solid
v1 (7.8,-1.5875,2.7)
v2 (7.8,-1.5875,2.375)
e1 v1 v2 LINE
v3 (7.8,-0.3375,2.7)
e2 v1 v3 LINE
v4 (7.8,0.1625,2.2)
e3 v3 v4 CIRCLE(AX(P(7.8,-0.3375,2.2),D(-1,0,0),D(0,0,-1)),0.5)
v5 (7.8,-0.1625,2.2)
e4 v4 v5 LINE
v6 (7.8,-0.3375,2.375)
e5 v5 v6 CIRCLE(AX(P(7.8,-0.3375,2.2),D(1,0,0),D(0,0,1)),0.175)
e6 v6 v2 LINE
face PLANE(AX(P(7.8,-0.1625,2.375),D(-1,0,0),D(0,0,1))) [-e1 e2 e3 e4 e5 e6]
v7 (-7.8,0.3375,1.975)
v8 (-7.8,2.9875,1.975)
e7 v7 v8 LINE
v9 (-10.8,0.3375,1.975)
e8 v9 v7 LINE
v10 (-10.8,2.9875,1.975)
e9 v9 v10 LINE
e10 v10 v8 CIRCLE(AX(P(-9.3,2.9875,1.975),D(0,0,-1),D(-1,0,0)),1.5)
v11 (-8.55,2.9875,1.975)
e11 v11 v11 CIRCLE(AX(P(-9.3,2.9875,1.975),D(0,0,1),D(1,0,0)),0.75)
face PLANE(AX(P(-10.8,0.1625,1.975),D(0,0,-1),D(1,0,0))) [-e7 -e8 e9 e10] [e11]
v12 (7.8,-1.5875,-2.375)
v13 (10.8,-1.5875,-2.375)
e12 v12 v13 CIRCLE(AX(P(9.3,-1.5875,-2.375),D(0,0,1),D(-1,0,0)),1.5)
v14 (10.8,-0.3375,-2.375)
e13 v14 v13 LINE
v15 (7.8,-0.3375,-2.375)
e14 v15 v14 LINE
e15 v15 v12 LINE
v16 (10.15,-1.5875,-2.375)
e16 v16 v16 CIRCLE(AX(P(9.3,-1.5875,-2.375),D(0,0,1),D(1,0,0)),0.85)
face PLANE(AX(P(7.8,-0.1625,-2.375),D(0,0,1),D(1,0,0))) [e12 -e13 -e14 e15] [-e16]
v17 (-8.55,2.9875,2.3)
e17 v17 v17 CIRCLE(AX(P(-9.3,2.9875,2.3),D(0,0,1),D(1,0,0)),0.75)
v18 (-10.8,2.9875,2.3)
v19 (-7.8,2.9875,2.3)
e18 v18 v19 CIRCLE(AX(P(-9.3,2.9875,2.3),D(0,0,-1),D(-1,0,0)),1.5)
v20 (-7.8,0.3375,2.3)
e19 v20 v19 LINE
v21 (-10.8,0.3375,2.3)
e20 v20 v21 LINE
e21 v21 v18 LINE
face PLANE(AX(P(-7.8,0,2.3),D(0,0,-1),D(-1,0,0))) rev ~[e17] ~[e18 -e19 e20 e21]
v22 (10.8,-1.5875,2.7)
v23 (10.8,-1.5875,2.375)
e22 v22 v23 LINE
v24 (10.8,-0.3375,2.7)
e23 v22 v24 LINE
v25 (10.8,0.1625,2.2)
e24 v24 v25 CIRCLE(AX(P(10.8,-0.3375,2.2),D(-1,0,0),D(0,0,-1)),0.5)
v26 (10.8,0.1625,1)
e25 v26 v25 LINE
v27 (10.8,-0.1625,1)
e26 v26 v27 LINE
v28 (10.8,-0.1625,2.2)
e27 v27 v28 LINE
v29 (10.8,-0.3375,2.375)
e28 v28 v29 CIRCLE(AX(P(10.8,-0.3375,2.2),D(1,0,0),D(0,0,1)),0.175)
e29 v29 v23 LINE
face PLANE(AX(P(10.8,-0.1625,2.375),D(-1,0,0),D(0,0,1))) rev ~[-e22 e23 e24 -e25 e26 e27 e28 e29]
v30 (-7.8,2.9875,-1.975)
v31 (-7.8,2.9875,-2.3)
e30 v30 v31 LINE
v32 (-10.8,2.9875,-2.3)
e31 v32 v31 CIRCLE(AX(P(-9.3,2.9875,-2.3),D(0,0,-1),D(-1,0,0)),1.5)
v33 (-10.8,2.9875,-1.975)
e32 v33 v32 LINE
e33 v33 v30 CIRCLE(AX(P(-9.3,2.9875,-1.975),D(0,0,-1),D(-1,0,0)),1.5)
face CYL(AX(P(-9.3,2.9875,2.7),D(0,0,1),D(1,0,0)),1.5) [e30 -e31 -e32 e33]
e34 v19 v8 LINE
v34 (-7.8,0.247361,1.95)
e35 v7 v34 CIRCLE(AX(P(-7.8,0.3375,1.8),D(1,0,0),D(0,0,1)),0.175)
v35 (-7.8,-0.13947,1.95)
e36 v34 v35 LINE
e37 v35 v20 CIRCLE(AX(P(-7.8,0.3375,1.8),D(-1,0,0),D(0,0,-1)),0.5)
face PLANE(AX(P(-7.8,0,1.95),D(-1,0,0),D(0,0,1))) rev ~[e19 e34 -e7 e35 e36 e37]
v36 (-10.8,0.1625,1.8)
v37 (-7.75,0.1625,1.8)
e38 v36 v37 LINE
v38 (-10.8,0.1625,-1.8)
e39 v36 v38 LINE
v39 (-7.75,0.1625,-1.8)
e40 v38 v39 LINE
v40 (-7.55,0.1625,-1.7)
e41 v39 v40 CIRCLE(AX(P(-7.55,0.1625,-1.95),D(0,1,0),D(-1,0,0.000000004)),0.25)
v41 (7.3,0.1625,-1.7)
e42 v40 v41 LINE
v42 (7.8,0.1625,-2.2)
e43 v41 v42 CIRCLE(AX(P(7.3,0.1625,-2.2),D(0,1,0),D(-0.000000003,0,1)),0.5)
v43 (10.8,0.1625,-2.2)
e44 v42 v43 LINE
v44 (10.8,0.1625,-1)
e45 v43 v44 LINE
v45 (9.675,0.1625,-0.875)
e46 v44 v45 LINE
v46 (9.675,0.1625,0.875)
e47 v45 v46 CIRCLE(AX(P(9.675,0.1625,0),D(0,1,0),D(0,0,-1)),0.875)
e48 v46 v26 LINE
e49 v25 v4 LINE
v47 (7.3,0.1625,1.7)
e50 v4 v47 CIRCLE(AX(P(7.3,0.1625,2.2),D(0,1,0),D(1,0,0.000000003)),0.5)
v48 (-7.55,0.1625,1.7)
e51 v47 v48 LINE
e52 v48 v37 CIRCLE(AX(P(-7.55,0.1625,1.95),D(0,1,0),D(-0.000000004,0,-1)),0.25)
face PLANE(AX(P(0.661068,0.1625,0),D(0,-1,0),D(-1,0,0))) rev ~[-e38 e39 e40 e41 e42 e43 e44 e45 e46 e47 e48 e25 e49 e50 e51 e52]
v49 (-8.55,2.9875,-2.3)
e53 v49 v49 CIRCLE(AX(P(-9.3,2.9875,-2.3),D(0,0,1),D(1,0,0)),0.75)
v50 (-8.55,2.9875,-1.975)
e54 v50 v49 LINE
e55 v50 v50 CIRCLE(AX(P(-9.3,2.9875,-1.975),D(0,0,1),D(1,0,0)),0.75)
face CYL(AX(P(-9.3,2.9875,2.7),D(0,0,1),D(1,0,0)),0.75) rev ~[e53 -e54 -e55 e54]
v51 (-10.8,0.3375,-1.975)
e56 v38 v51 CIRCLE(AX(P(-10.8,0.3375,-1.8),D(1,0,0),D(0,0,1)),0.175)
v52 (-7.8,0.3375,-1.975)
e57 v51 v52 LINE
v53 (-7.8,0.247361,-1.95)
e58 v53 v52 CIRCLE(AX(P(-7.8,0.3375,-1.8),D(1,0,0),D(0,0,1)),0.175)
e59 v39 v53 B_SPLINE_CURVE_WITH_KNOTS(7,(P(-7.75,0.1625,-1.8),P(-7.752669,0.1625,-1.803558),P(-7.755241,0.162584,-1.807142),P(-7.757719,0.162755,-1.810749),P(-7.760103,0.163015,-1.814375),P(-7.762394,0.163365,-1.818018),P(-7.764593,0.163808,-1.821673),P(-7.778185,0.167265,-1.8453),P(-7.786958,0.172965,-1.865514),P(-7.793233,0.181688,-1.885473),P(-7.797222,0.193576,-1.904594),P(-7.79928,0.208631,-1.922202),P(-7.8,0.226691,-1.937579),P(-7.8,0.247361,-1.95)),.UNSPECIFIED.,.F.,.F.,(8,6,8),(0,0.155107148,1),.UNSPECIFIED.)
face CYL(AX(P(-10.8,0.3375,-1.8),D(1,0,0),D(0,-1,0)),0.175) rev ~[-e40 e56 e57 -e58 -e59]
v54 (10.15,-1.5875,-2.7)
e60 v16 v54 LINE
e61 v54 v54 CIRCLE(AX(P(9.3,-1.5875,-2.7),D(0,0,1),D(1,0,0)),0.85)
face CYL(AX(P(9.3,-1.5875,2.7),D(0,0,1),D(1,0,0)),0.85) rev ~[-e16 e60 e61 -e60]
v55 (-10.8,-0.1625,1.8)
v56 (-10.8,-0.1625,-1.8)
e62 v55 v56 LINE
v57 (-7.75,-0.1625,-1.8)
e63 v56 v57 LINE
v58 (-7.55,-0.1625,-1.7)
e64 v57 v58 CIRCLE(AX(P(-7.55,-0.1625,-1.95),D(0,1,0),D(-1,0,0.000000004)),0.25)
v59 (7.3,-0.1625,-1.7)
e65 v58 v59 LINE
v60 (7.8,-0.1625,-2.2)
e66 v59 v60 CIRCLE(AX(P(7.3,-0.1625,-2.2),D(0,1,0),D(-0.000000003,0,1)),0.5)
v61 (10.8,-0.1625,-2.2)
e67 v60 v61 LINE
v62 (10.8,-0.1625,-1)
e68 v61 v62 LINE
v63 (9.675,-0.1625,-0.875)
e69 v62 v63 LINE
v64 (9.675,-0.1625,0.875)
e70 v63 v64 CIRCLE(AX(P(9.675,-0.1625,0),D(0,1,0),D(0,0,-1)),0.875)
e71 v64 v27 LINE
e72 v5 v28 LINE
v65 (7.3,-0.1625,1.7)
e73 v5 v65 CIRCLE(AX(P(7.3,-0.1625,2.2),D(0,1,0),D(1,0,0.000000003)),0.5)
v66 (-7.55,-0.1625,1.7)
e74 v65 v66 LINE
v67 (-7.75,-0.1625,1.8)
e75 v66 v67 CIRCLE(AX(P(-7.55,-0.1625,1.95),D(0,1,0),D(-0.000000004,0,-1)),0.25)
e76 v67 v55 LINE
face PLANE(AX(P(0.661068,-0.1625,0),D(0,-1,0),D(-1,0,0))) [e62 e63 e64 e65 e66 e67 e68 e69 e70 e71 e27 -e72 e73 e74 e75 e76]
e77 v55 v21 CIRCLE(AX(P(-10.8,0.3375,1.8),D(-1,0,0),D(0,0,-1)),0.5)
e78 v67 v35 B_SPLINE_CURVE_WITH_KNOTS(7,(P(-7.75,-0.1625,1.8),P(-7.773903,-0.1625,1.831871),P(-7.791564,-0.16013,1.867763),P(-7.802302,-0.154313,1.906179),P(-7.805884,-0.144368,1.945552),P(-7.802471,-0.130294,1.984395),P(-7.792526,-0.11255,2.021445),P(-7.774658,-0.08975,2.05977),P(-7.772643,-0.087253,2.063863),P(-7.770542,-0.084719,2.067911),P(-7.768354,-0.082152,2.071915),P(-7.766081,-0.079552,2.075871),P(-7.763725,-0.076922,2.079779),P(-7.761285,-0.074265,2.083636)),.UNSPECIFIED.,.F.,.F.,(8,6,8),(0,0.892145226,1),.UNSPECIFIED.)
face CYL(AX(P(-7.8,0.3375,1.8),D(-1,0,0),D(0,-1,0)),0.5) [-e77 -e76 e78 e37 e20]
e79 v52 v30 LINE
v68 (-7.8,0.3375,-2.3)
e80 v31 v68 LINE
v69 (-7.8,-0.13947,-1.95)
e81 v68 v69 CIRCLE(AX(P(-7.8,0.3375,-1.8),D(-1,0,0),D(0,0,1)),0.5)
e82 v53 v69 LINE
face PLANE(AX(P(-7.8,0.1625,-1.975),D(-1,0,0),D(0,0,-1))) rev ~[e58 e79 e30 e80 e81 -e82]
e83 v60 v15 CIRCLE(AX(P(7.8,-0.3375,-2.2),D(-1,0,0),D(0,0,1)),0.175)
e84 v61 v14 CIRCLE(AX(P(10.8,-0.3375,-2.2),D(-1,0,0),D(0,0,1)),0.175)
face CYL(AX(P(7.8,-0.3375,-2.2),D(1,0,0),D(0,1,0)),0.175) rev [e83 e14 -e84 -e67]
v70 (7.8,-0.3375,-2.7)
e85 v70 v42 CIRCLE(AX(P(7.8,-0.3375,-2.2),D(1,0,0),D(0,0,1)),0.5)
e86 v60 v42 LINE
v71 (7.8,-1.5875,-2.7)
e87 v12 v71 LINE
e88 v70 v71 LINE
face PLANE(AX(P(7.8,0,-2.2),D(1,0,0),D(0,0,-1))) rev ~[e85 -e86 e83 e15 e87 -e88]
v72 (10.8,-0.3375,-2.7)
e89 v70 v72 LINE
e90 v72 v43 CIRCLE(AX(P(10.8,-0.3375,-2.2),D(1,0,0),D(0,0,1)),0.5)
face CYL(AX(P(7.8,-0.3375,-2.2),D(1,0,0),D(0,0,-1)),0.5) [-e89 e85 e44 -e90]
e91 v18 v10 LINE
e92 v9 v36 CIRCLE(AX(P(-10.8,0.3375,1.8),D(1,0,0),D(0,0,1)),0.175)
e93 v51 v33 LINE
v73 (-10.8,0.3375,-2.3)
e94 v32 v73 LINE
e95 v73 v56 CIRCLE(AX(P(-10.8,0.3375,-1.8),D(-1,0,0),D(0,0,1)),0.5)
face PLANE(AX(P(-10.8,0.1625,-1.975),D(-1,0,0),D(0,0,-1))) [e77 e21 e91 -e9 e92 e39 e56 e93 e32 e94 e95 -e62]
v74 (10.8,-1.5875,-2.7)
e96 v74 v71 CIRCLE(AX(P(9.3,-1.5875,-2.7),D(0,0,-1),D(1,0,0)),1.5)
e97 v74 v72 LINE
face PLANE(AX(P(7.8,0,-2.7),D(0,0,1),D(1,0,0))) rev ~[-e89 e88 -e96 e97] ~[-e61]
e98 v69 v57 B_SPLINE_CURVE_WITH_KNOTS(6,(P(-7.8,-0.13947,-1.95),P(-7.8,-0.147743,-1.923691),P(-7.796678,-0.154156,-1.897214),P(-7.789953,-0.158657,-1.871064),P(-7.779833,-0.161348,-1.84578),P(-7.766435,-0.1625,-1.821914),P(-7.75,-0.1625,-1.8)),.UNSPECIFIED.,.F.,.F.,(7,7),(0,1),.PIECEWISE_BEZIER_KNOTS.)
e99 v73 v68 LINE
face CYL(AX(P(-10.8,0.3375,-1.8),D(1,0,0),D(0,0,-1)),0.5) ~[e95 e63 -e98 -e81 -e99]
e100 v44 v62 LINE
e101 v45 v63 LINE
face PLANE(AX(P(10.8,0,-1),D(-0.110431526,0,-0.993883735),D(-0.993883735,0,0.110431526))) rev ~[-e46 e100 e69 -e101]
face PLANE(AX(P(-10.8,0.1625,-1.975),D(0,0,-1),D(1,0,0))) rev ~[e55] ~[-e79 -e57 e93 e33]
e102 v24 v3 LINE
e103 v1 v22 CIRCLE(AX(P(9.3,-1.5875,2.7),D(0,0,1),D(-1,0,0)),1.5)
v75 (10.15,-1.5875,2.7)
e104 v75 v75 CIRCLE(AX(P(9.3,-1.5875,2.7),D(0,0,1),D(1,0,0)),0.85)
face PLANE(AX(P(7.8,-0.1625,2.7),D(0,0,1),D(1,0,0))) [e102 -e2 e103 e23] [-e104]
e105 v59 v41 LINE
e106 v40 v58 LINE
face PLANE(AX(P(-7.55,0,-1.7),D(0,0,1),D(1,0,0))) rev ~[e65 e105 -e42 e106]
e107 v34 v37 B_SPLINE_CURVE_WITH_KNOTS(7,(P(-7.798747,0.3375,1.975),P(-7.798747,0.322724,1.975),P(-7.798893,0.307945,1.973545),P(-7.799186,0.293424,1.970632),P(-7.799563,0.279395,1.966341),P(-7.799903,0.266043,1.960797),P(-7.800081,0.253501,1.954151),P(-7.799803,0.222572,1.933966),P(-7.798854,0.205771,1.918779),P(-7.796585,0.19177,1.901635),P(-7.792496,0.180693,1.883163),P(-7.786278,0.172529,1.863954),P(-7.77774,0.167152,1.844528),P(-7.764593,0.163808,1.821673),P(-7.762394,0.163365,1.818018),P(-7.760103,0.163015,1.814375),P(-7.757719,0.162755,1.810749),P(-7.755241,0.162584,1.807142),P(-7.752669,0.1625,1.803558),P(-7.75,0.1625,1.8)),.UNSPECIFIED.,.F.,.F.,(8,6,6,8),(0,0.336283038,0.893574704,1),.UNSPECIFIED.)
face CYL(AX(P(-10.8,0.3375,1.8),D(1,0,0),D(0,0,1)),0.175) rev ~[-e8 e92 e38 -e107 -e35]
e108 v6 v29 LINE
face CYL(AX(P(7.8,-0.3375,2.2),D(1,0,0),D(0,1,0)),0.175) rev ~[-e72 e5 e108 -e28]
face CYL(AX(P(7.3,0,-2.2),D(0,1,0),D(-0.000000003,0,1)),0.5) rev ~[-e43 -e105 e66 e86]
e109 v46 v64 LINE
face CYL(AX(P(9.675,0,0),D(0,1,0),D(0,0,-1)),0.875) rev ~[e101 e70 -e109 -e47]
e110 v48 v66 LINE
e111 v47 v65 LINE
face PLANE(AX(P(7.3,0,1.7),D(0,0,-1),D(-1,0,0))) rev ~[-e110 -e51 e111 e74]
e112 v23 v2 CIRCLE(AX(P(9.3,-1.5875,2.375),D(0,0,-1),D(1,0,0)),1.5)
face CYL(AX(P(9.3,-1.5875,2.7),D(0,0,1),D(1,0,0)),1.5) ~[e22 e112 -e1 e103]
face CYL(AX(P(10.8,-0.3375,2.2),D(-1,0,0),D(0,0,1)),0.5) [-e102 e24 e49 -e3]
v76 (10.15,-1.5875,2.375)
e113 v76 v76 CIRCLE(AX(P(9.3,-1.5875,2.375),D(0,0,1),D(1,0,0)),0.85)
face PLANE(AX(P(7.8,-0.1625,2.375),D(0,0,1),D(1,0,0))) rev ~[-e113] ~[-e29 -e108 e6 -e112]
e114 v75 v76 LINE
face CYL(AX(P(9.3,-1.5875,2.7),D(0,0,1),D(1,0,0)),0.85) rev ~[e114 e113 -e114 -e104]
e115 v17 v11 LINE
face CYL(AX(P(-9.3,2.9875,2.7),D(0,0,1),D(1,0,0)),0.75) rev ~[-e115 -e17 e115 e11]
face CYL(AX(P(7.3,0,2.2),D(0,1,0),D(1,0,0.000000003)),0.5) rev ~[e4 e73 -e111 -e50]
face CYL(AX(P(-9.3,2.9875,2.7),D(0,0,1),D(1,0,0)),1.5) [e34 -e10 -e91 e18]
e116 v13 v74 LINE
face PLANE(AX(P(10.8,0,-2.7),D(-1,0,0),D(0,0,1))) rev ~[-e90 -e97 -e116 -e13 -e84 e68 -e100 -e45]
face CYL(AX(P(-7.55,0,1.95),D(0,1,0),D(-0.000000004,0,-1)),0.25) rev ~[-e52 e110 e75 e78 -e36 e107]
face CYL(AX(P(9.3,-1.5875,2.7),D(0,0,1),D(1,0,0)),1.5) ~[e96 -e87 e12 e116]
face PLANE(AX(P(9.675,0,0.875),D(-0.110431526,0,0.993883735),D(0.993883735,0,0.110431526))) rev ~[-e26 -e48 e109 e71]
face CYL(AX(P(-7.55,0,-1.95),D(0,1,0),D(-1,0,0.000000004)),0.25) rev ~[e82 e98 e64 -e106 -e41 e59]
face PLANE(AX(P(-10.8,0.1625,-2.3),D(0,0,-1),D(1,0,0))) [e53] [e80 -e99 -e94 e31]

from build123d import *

# Parameters (mm, degrees)
EXTRUDE1_DEPTH = 0.1625
SKETCH2_W      = 3
SKETCH2_H      = 0.325
EXTRUDE2_DEPTH = 2.925
SKETCH3_W      = 3
SKETCH3_H      = 0.325
EXTRUDE3_DEPTH = 4.325
SKETCH4_R      = 0.85
SKETCH4_R_2    = 0.75
EXTRUDE4_DEPTH = 6.4
FILLET1_R      = 0.5
FILLET2_R      = 0.175


with BuildPart() as part:
    # Sketch1 → Extrude1 (new body, symmetric)
    with BuildSketch(Plane(origin=(0, 0, 0), x_dir=(1, 0, 0), z_dir=(0, 1, 0))):
        with BuildLine():
            Line((7.8, 2.7), (10.8, 2.7))
            Line((10.8, 2.7), (10.8, 1))
            Line((10.8, 1), (9.675, 0.875))
            ThreePointArc((9.675, 0.875), (8.8, 0), (9.675, -0.875))
            Line((9.675, -0.875), (10.8, -1))
            Line((10.8, -1), (10.8, -2.7))
            Line((10.8, -2.7), (7.8, -2.7))
            Line((7.8, -2.7), (7.8, -2.2))
            ThreePointArc((7.8, -2.2), (7.653553391, -1.846446609), (7.3, -1.7))
            Line((7.3, -1.7), (-7.55, -1.7))
            ThreePointArc((-7.55, -1.7), (-7.726776695, -1.773223305), (-7.8, -1.95))
            Line((-7.8, -1.95), (-7.8, -2.3))
            Line((-7.8, -2.3), (-10.8, -2.3))
            Line((-10.8, -2.3), (-10.8, 2.3))
            Line((-10.8, 2.3), (-7.8, 2.3))
            Line((-7.8, 2.3), (-7.8, 1.95))
            ThreePointArc((-7.8, 1.95), (-7.726776695, 1.773223305), (-7.55, 1.7))
            Line((-7.55, 1.7), (7.3, 1.7))
            ThreePointArc((7.3, 1.7), (7.653553391, 1.846446609), (7.8, 2.2))
            Line((7.8, 2.2), (7.8, 2.7))
        make_face()
    extrude(amount=EXTRUDE1_DEPTH, both=True)

    # Sketch2 → Extrude2 (add)
    with BuildSketch(Plane.XZ.offset(0.1625)):
        with Locations((9.3, 2.5375)):
            Rectangle(SKETCH2_W, SKETCH2_H)
        with Locations((9.3, -2.5375)):
            Rectangle(SKETCH2_W, SKETCH2_H)
    extrude(amount=EXTRUDE2_DEPTH)

    # Sketch3 → Extrude3 (add)
    with BuildSketch(Plane(origin=(0, 0.1625, 0), x_dir=(1, 0, 0), z_dir=(0, 1, 0))):
        with Locations((-9.3, 2.1375)):
            Rectangle(SKETCH3_W, SKETCH3_H)
        with Locations((-9.3, -2.1375)):
            Rectangle(SKETCH3_W, SKETCH3_H)
    extrude(amount=EXTRUDE3_DEPTH)

    # Sketch4 → Extrude4 (cut, through all)
    with BuildSketch(Plane.XY.offset(2.7)):
        with Locations((9.3, -1.5875)):
            Circle(SKETCH4_R)
        with Locations((-9.3, 2.9875)):
            Circle(SKETCH4_R_2)
        with BuildLine():
            Line((7.8, -1.5875), (7.8, -3.5875))
            Line((7.8, -3.5875), (10.8, -3.5875))
            Line((10.8, -3.5875), (10.8, -1.5875))
            ThreePointArc((10.8, -1.5875), (9.3, -3.0875), (7.8, -1.5875))
        make_face()
        with BuildLine():
            Line((-10.8, 2.9875), (-10.8, 4.9875))
            Line((-10.8, 4.9875), (-7.8, 4.9875))
            Line((-7.8, 4.9875), (-7.8, 2.9875))
            ThreePointArc((-7.8, 2.9875), (-9.3, 4.4875), (-10.8, 2.9875))
        make_face()
    extrude(amount=-EXTRUDE4_DEPTH, mode=Mode.SUBTRACT)

    # Fillet1
    fillet1_edges = [part.edges().sort_by_distance(p)[0] for p in [
        (-9.3, -0.1625, -2.3),
        (-9.3, -0.1625, 2.3),
        (9.3, 0.1625, -2.7),
        (9.3, 0.1625, 2.7),
    ]]
    fillet(fillet1_edges, radius=FILLET1_R)

    # Fillet2
    fillet2_edges = [part.edges().sort_by_distance(p)[0] for p in [
        (9.3, -0.1625, -2.375),
        (9.3, -0.1625, 2.375),
        (-9.3, 0.1625, -1.975),
        (-9.3, 0.1625, 1.975),
    ]]
    fillet(fillet2_edges, radius=FILLET2_R)


solid = part.part
